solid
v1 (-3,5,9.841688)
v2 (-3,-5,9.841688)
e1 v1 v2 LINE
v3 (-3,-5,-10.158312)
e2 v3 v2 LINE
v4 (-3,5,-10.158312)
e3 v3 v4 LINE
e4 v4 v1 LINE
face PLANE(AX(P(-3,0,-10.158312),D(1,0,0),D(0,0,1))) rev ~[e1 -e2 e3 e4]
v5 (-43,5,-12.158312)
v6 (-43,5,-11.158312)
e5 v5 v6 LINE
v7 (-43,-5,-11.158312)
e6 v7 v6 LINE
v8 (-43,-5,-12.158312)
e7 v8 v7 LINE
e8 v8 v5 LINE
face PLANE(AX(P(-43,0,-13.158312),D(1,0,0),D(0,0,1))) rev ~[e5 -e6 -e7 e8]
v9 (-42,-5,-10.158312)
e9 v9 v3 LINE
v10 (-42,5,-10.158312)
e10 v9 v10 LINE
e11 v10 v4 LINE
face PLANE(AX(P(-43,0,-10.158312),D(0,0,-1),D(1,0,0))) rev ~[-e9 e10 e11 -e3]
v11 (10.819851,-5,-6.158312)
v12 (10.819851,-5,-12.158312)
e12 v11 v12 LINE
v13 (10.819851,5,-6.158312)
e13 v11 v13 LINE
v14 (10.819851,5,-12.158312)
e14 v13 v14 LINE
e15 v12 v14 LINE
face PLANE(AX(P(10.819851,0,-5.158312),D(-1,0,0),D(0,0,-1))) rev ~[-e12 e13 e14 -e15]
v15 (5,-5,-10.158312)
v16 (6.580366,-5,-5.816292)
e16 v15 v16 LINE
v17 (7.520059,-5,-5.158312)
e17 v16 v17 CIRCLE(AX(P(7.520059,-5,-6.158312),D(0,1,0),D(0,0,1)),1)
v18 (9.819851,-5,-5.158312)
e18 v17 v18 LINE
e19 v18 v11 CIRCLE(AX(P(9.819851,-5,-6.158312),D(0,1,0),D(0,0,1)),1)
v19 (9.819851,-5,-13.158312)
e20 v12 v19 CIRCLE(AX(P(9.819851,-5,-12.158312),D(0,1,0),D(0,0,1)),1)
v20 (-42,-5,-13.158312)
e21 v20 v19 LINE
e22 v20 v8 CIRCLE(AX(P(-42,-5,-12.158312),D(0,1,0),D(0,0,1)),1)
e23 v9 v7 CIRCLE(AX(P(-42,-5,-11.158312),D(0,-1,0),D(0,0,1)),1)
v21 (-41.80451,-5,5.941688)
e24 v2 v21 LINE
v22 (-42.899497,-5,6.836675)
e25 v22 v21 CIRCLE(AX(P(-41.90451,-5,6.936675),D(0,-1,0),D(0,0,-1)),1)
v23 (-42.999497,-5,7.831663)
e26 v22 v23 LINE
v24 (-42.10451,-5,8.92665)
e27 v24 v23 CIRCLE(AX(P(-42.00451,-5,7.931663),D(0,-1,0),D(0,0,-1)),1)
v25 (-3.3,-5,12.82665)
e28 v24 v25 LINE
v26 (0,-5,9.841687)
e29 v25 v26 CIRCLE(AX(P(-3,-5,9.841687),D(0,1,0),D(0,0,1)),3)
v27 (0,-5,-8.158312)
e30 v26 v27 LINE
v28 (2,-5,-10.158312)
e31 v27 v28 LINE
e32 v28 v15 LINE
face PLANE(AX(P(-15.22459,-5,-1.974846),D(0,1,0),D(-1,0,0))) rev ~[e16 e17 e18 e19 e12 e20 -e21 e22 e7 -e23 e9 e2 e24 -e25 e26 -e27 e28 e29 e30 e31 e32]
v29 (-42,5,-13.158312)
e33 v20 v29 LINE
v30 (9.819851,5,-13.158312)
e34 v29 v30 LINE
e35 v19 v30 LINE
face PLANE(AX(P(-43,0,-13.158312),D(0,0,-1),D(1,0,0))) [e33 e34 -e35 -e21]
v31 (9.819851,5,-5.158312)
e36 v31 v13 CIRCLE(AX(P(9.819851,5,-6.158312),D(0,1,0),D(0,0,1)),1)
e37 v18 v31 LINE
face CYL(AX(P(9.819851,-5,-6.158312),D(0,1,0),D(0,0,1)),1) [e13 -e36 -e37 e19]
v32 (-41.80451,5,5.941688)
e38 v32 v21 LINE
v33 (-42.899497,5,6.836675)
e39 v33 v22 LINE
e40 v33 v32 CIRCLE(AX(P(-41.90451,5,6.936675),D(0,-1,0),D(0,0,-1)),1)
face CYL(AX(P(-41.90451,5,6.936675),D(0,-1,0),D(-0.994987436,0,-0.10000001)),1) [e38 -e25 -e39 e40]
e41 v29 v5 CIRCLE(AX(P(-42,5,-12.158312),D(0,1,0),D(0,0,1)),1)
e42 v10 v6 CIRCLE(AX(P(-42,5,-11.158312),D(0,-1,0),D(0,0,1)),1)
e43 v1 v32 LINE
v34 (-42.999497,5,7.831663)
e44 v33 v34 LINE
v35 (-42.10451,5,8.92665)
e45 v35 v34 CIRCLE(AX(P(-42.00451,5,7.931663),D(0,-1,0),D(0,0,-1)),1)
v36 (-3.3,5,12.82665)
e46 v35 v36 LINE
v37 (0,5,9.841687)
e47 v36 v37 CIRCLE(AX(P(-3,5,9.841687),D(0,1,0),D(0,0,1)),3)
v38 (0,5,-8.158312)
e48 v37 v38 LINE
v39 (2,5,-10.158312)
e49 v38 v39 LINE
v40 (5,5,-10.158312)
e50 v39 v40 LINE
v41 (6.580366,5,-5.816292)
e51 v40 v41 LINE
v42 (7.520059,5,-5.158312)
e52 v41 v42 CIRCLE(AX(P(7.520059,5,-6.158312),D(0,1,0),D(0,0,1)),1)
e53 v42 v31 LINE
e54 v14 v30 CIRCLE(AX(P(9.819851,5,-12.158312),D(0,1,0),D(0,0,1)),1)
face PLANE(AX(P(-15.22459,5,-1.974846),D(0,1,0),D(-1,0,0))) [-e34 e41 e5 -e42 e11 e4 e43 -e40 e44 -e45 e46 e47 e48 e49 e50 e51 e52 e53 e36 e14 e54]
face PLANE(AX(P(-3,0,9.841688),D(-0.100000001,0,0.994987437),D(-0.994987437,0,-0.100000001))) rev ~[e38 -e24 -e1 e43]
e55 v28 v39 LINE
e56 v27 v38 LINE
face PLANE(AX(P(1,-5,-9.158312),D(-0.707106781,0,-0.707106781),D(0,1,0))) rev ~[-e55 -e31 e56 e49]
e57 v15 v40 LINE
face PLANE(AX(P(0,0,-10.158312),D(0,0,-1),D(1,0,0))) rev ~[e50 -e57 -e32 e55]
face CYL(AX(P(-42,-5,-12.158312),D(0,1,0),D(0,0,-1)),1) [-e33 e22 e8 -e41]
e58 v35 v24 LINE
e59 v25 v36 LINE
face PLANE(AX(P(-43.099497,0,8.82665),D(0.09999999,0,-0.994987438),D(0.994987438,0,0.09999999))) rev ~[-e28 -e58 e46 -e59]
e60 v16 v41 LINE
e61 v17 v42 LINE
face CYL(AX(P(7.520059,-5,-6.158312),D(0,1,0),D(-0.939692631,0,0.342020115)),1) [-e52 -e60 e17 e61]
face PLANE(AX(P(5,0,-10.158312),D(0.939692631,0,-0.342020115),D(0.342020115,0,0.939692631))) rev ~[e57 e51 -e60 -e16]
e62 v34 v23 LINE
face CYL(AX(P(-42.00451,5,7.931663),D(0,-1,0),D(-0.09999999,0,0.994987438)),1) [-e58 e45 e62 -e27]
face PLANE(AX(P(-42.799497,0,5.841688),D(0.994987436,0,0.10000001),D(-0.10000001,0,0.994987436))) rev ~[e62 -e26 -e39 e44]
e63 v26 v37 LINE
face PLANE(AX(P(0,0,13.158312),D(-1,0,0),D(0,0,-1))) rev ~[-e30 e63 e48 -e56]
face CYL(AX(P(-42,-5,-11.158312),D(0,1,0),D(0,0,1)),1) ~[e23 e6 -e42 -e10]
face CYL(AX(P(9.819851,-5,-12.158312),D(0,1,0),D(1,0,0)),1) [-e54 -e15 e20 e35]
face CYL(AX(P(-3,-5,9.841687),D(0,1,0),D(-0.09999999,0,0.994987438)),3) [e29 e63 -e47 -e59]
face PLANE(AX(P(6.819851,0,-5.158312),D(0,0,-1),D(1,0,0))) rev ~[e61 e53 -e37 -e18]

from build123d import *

# Parameters (mm, degrees)
PAD_DEPTH    = 5
FILLET_R     = 3
CHAMFER_SIZE = 2
FILLET001_R  = 1


with BuildPart() as part:
    # Sketch → Pad (new body, symmetric)
    with BuildSketch(Plane.XZ):
        Polygon((-43.099497, 8.82665), (0, 13.158312), (0, -10.158312), (5, -10.158312), (6.819851, -5.158312), (10.819851, -5.158312), (10.819851, -13.158312), (0, -13.158312), (-43, -13.158312), (-43, -10.158312), (-3, -10.158312), (-3, 9.841688), (-42.799497, 5.841688), align=None)
    extrude(amount=PAD_DEPTH, both=True)

    # Fillet
    fillet_edges = [part.edges().sort_by_distance(p)[0] for p in [
        (0, 0, 13.158312),
    ]]
    fillet(fillet_edges, radius=FILLET_R)

    # Chamfer
    chamfer_edges = [part.edges().sort_by_distance(p)[0] for p in [
        (0, 0, -10.158312),
    ]]
    chamfer(chamfer_edges, length=CHAMFER_SIZE)

    # Fillet001
    fillet001_edges = [part.edges().sort_by_distance(p)[0] for p in [
        (-42.799497, 0, 5.841688),
        (-43.099497, 0, 8.82665),
        (-43, 0, -10.158312),
        (-43, 0, -13.158312),
        (10.819851, 0, -5.158312),
        (6.819851, 0, -5.158312),
        (10.819851, 0, -13.158312),
    ]]
    fillet(fillet001_edges, radius=FILLET001_R)


solid = part.part
